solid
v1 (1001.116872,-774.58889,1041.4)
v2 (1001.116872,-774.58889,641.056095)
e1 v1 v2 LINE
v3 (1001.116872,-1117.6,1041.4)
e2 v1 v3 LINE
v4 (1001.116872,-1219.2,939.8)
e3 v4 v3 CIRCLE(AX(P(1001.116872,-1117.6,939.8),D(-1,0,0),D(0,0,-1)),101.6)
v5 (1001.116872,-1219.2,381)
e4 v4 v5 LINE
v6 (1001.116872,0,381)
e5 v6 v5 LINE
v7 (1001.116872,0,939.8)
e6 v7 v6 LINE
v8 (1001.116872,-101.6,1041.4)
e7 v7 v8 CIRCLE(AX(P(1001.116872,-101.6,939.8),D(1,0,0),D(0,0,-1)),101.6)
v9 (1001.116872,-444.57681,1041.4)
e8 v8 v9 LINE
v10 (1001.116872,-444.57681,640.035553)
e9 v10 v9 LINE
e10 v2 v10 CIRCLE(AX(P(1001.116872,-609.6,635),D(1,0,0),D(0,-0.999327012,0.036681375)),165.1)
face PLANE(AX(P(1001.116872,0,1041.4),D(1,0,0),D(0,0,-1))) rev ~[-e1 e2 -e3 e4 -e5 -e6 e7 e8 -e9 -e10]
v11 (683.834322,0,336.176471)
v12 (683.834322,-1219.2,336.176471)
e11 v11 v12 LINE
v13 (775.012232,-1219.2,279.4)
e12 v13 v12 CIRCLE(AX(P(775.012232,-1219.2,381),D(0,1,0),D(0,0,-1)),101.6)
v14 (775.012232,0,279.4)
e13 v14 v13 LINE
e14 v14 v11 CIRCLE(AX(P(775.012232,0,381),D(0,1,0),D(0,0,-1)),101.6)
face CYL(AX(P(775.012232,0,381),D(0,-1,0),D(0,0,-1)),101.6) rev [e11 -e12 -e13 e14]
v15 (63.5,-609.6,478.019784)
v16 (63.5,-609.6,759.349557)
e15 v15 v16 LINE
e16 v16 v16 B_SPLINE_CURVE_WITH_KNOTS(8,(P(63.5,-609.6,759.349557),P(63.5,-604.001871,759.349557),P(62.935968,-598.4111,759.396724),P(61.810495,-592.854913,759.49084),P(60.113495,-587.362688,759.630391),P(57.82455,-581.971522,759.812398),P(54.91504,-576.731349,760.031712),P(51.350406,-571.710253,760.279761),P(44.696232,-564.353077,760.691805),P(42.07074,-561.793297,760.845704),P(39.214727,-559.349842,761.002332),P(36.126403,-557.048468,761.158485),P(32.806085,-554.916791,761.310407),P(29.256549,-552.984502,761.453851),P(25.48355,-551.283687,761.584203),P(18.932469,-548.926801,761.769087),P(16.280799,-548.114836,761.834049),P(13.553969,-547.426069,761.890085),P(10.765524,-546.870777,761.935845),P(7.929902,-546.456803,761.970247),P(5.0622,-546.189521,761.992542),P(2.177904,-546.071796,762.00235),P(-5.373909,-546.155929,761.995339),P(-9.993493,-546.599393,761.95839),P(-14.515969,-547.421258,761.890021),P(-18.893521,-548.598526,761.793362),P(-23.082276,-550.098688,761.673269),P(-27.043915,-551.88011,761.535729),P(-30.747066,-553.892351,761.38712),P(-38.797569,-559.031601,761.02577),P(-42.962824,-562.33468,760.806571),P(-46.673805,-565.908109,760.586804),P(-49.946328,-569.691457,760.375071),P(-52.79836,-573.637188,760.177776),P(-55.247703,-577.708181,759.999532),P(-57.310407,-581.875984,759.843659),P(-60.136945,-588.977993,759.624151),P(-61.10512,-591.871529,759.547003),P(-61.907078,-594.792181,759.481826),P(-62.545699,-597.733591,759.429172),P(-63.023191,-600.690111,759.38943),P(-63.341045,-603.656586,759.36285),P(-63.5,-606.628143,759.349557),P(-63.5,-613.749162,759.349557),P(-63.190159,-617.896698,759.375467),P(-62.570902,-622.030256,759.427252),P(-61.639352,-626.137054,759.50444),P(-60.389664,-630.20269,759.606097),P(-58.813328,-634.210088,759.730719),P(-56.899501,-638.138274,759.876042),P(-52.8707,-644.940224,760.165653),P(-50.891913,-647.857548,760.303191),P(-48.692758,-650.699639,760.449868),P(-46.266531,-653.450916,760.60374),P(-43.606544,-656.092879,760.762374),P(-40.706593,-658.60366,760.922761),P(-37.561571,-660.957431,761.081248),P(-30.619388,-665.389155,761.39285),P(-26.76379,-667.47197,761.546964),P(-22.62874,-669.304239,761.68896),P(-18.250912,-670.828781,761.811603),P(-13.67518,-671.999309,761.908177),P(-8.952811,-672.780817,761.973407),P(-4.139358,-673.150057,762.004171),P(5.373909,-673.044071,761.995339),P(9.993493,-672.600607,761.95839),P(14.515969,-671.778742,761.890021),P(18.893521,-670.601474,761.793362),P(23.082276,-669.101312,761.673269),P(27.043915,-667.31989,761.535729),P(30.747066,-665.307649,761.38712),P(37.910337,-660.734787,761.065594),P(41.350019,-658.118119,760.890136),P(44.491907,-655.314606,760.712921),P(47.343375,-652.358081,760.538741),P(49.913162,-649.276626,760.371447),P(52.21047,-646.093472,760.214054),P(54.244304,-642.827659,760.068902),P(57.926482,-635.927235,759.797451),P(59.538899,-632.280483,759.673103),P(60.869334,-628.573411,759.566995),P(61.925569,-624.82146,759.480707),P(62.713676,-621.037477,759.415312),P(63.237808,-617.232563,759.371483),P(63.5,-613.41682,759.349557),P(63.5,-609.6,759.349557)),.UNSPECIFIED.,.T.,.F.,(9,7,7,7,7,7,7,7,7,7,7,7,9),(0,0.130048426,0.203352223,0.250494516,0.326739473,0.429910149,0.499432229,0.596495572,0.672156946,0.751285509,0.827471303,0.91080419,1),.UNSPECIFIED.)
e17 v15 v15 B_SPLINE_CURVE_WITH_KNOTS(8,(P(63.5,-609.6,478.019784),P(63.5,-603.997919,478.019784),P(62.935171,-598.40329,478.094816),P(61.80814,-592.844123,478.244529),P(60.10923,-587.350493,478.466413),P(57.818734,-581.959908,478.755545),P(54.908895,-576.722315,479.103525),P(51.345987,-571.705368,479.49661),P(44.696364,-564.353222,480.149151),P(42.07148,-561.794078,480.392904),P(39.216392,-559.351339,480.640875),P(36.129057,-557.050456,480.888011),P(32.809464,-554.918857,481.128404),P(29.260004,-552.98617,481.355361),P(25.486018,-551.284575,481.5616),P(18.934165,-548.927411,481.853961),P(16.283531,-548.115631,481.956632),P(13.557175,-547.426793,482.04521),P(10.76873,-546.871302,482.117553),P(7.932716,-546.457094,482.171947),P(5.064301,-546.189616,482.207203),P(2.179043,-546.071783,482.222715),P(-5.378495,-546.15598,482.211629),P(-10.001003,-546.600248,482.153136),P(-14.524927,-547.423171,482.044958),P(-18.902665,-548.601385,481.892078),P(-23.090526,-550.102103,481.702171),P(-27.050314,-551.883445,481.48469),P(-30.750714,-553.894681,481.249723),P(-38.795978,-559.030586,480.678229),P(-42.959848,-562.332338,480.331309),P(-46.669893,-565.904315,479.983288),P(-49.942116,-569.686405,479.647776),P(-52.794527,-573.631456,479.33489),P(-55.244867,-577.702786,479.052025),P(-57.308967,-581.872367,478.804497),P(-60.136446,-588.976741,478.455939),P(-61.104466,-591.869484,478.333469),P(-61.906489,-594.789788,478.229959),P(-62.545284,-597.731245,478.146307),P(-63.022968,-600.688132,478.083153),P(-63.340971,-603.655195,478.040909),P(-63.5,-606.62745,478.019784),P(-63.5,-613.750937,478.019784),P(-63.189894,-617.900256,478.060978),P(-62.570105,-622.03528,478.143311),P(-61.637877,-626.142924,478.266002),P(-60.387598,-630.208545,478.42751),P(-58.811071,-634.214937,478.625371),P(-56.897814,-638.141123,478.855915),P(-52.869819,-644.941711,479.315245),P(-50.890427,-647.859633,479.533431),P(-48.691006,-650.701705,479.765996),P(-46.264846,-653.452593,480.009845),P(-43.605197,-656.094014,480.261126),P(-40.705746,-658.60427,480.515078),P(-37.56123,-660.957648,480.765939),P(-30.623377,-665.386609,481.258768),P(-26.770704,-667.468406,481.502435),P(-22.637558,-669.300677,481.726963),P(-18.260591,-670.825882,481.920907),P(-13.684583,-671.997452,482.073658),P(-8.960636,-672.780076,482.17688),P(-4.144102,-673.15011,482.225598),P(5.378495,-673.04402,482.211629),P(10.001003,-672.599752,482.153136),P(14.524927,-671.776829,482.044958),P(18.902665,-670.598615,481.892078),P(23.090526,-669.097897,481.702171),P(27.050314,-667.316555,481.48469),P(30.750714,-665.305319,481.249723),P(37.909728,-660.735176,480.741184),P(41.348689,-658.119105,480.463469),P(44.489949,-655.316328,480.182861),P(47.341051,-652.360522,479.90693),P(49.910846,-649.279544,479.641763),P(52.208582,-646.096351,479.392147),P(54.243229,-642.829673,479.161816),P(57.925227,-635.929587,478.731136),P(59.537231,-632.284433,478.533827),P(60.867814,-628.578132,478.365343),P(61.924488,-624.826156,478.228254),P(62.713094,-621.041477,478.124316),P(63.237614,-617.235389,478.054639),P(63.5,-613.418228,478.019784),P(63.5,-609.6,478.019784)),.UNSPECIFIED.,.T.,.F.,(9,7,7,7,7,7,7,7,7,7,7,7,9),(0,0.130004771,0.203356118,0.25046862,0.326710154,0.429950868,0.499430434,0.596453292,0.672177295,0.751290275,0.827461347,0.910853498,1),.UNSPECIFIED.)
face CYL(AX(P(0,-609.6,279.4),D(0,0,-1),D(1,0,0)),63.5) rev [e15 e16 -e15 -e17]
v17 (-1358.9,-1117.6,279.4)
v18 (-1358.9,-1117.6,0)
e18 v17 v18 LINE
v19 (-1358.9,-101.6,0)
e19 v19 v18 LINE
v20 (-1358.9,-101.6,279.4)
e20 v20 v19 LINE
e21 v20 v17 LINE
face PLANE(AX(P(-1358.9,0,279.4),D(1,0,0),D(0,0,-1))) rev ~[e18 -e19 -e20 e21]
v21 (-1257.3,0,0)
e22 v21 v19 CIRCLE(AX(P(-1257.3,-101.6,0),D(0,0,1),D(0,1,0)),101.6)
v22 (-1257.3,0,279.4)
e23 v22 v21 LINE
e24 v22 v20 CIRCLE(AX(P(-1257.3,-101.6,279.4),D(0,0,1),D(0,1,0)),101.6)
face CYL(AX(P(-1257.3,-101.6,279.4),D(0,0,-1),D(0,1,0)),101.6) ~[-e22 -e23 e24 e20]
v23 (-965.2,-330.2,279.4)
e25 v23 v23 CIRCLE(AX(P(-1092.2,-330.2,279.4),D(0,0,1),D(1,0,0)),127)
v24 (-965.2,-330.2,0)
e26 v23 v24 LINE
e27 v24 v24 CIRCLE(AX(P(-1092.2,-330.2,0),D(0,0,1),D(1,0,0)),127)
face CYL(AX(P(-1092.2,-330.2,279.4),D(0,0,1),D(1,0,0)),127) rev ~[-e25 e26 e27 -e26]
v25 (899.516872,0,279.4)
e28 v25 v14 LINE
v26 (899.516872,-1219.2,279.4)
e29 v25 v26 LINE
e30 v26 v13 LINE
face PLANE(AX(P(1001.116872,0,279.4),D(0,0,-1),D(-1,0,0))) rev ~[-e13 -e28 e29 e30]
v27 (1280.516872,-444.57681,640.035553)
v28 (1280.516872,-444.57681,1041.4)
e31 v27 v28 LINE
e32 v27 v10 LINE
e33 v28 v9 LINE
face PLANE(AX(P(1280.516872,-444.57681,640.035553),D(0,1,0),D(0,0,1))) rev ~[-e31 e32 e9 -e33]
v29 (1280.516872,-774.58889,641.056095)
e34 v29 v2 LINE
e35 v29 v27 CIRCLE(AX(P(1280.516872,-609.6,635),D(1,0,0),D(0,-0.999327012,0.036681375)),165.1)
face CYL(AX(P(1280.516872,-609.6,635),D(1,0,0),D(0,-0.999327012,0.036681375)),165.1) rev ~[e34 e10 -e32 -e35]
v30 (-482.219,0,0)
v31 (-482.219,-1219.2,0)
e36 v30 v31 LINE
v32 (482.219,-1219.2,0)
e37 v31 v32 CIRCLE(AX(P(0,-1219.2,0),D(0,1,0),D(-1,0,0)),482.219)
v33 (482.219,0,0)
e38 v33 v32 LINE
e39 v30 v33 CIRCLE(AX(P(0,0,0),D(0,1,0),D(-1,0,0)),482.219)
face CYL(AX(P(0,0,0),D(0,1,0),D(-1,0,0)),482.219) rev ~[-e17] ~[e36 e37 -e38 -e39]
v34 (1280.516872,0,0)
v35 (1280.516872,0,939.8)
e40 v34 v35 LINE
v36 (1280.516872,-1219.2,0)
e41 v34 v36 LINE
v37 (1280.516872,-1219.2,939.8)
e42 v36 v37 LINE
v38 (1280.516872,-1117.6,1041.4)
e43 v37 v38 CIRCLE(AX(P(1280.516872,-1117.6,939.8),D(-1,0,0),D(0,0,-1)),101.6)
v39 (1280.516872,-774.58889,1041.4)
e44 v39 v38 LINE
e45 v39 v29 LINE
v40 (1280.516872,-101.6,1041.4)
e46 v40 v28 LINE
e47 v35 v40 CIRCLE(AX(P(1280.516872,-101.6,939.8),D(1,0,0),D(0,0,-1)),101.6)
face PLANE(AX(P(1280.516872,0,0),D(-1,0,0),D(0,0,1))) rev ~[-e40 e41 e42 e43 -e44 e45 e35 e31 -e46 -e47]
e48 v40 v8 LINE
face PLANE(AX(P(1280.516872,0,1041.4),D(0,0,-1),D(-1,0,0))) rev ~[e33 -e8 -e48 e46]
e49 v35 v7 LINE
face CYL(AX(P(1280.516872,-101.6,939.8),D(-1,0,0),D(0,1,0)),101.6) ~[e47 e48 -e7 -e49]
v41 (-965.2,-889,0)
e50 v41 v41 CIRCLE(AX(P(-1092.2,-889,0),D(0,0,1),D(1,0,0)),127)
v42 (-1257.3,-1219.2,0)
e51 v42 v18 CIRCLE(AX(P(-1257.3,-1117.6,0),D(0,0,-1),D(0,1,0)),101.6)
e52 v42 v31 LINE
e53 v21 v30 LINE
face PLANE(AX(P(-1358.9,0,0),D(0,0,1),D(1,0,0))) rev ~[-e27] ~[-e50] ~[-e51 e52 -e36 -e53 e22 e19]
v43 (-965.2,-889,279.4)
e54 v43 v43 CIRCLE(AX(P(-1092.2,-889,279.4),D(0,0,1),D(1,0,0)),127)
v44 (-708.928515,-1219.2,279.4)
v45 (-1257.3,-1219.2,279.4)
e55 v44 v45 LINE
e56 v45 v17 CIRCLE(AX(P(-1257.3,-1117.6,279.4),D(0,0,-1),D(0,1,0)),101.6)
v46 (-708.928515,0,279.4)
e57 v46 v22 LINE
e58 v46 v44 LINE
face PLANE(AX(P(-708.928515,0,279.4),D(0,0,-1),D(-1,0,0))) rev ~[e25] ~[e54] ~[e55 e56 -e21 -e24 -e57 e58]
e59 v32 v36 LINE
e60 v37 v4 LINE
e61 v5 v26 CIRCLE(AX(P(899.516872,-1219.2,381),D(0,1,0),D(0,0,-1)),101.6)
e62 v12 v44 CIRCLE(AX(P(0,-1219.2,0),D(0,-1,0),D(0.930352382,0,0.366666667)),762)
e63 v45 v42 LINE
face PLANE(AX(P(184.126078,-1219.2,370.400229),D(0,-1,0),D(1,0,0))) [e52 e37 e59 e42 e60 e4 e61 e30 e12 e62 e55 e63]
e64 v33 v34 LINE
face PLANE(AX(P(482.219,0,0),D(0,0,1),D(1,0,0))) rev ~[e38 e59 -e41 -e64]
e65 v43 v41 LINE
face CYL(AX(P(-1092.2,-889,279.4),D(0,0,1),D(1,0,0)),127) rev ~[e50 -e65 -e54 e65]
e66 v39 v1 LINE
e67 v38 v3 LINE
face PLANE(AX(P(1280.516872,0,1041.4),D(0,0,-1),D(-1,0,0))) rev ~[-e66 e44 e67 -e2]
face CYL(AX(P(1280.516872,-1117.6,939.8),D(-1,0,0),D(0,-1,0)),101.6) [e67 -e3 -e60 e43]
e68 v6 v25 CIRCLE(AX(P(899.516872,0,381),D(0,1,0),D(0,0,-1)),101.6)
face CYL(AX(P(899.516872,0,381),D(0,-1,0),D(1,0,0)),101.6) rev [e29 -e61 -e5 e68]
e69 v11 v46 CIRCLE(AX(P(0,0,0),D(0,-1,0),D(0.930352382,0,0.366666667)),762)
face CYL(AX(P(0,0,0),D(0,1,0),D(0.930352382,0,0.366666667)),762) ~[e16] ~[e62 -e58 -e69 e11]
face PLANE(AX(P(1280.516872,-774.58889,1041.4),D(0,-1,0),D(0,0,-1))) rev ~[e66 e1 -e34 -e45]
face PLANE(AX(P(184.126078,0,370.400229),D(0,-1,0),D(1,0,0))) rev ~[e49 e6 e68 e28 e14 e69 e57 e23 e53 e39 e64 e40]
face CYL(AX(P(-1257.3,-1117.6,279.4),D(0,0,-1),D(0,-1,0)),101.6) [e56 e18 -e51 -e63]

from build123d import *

# Parameters (mm, degrees)
F1_DEPTH      = 1219.2
F3_DEPTH      = 526.82718
F4_R          = 127
F4_R_2        = 63.5
F5_DEPTH      = 279.401
F5_DEPTH_BACK = 762.001
F6_R          = 101.6


with BuildPart() as f1:
    # F0 (on Front) → F1 (new body)
    with BuildSketch(Plane.XZ):
        with BuildLine():
            ThreePointArc((-482.219, 0), (0, 482.219), (482.219, 0))
            Line((482.219, 0), (1280.5168718338, 0))
            Line((1280.5168718338, 0), (1280.5168718338, 279.4))
            Line((1280.5168718338, 279.4), (1280.5168718338, 1041.4))
            Line((1280.5168718338, 1041.4), (1001.1168718338, 1041.4))
            Line((1001.1168718338, 1041.4), (1001.1168718338, 279.4))
            Line((1001.1168718338, 279.4), (708.9285154372, 279.4))
            ThreePointArc((708.9285154372, 279.4), (0, 762), (-708.9285154372, 279.4))
            Line((-708.9285154372, 279.4), (-1358.9, 279.4))
            Line((-1358.9, 279.4), (-1358.9, 0))
            Line((-1358.9, 0), (-482.219, 0))
        make_face()
    extrude(amount=F1_DEPTH)

    # F2 (on face) → F3 (cut)
    with BuildSketch(Plane.YZ.offset(1280.5168718338)):
        with BuildLine():
            Line((-774.5888896633, 1041.4), (-774.5888896633, 641.0560950858))
            ThreePointArc((-774.5888896633, 641.0560950858), (-610.110559149, 469.9007894345), (-444.5768100975, 640.0355530376))
            Line((-444.5768100975, 640.0355530376), (-444.5768100975, 1041.4))
            Line((-444.5768100975, 1041.4), (-774.5888896633, 1041.4))
        make_face()
    extrude(amount=-F3_DEPTH, mode=Mode.SUBTRACT)

    # F4 (on face) → F5 (cut, two sides)
    with BuildSketch(Plane.XY.offset(279.4)) as f5_sk:
        with Locations((-1092.2, -889)):
            Circle(F4_R)
        with Locations((-1092.2, -330.2)):
            Circle(F4_R)
        with Locations((0, -609.6)):
            Circle(F4_R_2)
    extrude(amount=-F5_DEPTH, mode=Mode.SUBTRACT)
    extrude(f5_sk.sketch, amount=F5_DEPTH_BACK, mode=Mode.SUBTRACT)

    # F6
    f6_edges = [f1.edges().sort_by_distance(p)[0] for p in [
        (1140.816872, -1219.2, 1041.4),
        (1001.116872, -609.6, 279.4),
        (-1358.9, -1219.2, 139.7),
        (1140.816872, 0, 1041.4),
        (-1358.9, 0, 139.7),
        (708.928515, -609.6, 279.4),
    ]]
    fillet(f6_edges, radius=F6_R)


solid = f1.part
